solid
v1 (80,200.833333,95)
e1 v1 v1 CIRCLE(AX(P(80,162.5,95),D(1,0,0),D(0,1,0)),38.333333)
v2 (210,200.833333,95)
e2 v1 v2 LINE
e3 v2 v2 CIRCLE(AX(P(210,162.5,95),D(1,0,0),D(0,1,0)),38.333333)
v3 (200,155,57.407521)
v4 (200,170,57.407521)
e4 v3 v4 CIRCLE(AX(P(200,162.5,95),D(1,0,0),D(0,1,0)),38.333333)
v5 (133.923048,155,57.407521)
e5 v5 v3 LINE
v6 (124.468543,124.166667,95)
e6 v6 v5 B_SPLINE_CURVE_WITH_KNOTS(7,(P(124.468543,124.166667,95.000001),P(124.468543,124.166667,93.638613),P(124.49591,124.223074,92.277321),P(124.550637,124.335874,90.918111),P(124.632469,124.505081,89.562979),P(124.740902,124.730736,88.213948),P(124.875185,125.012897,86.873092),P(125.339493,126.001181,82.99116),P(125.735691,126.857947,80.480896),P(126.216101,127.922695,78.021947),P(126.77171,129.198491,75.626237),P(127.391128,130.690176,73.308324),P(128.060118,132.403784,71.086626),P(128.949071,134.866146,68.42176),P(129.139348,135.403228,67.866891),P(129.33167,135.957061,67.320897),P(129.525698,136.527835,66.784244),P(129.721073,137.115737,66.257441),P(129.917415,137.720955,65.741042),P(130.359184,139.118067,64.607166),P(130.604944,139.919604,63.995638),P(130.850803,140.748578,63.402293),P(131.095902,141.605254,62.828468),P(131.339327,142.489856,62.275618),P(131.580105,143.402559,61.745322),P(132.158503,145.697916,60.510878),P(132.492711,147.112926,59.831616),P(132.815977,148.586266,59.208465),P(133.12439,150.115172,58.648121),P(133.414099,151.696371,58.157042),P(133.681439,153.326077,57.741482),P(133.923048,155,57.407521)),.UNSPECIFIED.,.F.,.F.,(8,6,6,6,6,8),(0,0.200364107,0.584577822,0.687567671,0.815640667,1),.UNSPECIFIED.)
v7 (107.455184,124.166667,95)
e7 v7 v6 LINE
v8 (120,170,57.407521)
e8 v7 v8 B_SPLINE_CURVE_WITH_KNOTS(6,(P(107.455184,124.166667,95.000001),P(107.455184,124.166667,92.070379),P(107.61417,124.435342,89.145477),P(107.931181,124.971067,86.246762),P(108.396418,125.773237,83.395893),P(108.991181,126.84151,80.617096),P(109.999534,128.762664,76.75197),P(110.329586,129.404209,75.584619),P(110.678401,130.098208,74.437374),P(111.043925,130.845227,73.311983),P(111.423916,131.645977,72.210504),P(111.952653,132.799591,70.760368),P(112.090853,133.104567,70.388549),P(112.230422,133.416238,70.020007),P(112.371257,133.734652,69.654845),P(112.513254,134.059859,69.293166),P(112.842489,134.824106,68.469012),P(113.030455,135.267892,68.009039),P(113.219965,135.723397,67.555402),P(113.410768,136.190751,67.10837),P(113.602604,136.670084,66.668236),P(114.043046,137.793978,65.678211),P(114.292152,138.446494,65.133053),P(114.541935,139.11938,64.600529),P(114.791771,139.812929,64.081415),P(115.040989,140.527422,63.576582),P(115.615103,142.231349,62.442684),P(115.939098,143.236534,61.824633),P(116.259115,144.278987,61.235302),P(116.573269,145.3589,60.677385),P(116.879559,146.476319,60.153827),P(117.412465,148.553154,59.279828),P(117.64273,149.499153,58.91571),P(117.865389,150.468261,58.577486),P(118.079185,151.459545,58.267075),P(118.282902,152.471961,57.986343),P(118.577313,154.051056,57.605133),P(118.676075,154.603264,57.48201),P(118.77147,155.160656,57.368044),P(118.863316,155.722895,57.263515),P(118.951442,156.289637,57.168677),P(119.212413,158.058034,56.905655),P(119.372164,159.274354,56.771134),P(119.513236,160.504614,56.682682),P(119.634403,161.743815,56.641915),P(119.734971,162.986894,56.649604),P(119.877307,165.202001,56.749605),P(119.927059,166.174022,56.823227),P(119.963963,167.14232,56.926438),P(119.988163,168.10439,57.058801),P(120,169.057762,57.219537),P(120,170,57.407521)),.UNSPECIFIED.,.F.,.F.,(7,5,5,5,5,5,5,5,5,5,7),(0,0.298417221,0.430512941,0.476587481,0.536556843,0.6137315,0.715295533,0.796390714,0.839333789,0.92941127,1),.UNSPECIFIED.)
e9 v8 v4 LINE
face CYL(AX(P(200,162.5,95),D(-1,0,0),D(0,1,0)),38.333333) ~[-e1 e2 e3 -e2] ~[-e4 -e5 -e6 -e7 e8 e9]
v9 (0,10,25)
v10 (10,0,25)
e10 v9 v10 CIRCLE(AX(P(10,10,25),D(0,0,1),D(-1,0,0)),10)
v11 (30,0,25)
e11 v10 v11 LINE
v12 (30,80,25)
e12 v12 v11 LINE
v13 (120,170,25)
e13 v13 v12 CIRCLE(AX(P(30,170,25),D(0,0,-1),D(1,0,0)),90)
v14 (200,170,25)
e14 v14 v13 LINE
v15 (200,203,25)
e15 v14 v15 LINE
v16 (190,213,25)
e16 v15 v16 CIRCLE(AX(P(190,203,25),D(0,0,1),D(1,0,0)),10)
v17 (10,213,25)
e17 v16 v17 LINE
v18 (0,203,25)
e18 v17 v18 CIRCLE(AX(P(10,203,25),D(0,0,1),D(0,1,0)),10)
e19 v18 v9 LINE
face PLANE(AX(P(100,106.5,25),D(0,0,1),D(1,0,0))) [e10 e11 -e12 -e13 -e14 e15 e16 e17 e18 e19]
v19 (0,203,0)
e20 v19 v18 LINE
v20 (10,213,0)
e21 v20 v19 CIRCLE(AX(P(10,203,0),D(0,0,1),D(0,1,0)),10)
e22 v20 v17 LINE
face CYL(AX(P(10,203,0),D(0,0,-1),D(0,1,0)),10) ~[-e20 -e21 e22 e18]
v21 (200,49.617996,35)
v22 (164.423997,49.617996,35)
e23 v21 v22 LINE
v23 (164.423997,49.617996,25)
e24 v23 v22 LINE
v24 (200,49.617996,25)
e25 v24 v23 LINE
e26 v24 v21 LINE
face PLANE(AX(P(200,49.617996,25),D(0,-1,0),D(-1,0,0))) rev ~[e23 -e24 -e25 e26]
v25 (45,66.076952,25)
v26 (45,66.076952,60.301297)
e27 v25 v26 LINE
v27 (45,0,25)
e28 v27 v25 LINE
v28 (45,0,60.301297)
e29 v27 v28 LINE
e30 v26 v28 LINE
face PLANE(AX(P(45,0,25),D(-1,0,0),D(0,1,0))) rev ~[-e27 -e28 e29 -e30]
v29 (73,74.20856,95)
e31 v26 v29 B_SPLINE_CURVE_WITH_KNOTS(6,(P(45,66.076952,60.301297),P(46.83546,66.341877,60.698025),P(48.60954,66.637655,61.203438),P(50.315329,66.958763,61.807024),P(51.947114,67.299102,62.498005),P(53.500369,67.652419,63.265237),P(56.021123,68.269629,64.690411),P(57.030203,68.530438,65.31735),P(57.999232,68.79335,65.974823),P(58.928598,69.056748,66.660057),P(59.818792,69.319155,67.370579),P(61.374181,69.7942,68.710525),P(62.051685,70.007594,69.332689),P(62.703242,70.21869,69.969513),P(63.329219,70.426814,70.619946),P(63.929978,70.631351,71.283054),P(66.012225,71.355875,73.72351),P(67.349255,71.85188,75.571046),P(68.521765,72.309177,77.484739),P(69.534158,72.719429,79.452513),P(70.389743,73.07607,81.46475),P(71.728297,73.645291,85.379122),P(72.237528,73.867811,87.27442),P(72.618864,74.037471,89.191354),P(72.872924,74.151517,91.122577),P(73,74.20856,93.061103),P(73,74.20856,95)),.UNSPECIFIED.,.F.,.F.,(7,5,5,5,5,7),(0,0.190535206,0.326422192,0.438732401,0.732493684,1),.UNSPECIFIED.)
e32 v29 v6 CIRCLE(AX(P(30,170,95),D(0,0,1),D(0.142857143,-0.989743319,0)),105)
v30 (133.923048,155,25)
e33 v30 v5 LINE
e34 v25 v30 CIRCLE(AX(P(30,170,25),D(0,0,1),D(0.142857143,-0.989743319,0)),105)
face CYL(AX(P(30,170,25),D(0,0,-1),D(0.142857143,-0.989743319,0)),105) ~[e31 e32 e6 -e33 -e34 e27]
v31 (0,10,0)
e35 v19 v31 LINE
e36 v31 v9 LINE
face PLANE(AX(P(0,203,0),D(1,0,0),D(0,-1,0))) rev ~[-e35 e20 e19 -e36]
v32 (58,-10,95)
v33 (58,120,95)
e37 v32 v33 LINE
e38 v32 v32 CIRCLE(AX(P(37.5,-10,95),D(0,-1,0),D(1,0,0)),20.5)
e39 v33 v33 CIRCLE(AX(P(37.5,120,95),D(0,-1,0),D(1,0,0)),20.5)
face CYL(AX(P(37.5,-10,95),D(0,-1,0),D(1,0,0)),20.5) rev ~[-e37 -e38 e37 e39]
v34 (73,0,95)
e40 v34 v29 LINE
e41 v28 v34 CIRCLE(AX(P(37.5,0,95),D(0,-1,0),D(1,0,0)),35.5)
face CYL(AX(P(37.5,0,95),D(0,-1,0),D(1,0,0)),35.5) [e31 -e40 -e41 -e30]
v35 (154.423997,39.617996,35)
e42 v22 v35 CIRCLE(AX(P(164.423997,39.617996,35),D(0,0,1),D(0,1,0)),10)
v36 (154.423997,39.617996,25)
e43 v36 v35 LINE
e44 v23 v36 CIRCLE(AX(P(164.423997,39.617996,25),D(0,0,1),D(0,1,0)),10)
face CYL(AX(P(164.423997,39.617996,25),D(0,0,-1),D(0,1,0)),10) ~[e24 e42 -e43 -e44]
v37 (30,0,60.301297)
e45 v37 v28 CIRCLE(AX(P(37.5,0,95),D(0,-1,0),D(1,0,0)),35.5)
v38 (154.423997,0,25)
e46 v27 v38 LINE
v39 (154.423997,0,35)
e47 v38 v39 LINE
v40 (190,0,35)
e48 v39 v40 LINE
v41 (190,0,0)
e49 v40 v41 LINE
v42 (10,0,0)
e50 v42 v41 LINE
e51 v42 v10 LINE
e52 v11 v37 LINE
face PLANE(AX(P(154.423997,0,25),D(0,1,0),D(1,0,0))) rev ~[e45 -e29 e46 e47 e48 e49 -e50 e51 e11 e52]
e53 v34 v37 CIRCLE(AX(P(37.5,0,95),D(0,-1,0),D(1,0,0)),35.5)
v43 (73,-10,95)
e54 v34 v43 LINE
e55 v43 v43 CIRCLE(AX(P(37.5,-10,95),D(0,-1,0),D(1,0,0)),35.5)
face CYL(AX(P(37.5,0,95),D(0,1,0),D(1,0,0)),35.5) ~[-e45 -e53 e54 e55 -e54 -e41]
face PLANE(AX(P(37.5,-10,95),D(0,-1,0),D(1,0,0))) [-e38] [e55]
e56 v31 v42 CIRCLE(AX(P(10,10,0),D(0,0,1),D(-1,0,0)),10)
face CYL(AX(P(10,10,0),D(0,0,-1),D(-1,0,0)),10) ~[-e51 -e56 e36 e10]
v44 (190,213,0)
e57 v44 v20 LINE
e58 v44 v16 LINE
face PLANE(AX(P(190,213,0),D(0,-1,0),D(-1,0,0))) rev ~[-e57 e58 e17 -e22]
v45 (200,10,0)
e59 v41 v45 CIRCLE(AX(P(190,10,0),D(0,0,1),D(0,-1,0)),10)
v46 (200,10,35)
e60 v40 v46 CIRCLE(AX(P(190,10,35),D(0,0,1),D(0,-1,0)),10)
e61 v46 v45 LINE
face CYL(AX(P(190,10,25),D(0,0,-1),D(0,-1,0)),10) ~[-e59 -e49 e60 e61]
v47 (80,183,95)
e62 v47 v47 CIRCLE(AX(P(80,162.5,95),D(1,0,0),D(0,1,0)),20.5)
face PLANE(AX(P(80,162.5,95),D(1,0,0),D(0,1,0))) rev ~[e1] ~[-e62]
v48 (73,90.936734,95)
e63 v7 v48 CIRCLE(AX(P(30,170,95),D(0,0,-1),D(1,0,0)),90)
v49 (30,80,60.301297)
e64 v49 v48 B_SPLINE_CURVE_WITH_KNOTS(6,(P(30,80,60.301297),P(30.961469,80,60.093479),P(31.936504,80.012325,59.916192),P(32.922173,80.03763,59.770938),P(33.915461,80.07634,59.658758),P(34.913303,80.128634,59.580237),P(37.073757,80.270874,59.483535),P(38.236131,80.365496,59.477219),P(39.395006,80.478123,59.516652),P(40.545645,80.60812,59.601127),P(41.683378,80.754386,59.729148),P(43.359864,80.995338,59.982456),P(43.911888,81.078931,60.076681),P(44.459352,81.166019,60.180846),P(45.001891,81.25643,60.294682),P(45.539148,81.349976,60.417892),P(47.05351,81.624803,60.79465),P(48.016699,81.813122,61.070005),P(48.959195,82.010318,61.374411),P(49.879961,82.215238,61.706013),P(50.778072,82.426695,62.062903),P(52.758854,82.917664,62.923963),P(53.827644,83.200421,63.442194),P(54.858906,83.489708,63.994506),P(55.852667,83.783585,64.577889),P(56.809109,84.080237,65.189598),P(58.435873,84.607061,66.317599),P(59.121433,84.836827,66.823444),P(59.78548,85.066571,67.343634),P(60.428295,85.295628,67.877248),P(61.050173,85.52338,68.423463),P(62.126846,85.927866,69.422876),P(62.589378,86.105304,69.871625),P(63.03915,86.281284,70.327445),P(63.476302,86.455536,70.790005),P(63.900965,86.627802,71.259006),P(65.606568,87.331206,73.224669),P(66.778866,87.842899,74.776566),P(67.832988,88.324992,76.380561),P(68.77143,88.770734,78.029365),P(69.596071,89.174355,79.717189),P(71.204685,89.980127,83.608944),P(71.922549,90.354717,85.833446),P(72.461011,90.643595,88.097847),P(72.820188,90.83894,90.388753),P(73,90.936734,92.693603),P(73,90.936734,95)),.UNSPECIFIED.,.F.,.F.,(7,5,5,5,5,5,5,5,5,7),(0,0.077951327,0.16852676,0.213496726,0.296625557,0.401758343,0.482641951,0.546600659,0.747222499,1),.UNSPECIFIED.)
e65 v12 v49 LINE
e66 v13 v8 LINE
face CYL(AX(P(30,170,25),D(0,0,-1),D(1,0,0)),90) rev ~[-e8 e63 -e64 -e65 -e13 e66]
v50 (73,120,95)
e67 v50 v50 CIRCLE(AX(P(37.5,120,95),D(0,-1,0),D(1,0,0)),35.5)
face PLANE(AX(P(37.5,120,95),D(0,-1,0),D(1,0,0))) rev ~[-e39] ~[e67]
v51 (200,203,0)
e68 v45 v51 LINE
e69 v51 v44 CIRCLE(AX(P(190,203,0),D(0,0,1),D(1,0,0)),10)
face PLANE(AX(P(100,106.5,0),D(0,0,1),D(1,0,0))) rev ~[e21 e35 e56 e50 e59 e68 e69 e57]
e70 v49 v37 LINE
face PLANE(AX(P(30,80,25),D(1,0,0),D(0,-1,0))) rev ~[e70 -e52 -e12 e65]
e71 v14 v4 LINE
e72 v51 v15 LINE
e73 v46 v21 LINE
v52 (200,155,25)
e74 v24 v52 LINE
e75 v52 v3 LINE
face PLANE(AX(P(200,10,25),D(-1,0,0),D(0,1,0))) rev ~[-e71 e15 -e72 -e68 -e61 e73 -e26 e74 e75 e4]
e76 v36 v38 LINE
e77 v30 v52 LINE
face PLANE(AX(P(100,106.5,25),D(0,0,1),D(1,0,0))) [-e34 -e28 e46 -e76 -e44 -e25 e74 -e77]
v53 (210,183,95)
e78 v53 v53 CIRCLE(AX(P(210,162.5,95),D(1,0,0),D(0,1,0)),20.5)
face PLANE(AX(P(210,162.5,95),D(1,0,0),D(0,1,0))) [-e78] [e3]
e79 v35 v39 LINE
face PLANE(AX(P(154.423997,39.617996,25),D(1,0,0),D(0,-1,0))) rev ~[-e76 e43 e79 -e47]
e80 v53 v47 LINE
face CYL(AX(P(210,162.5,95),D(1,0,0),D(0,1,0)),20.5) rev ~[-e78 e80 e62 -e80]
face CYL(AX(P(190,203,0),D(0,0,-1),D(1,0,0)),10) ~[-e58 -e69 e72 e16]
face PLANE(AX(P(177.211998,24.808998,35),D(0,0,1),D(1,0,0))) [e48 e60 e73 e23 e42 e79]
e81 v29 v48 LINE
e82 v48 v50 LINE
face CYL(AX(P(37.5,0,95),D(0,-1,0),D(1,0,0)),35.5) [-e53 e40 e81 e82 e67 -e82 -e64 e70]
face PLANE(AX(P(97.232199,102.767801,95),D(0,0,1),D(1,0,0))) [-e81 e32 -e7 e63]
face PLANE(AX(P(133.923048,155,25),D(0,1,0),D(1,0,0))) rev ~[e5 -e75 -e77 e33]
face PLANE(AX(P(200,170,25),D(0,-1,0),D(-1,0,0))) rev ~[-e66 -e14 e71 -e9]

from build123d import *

# Parameters (mm, degrees)
F2_DEPTH      = 25
F4_DEPTH      = 70
F5_R          = 35.5
F6_DEPTH      = 10
F6_DEPTH_BACK = 120
F7_R          = 38.3333333333
F8_DEPTH      = 10
F8_DEPTH_BACK = 120
F9_R          = 20.5
F10_DEPTH     = 223.001
F11_R         = 20.5
F12_DEPTH     = 210.001
F14_DEPTH     = 10


with BuildPart() as f2:
    # F1 (on Top) → F2 (new body)
    with BuildSketch(Plane.XY):
        with BuildLine():
            ThreePointArc((0, 10), (2.9289321881, 2.9289321881), (10, 0))
            Line((10, 0), (190, 0))
            ThreePointArc((190, 0), (197.0710678119, 2.9289321881), (200, 10))
            Line((200, 10), (200, 203))
            ThreePointArc((200, 203), (197.0710678119, 210.0710678119), (190, 213))
            Line((190, 213), (10, 213))
            ThreePointArc((10, 213), (2.9289321881, 210.0710678119), (0, 203))
            Line((0, 203), (0, 10))
        make_face()
    extrude(amount=F2_DEPTH)

    # F3 (on face) → F4 (join)
    with BuildSketch(Plane.XY.offset(25)):
        with BuildLine():
            Line((30, 80), (30, 0))
            Line((30, 0), (45, 0))
            Line((45, 0), (45, 66.0769515459))
            ThreePointArc((45, 66.0769515459), (104.2462120246, 95.7537879754), (133.9230484541, 155))
            Line((133.9230484541, 155), (200, 155))
            Line((200, 155), (200, 170))
            Line((200, 170), (120, 170))
            ThreePointArc((120, 170), (93.6396103068, 106.3603896932), (30, 80))
        make_face()
    extrude(amount=F4_DEPTH)

    # F5 (on face) → F6 (join, two sides)
    with BuildSketch(Plane.XZ) as f6_sk:
        with Locations((37.5, 95)):
            Circle(F5_R)
    extrude(amount=F6_DEPTH)
    extrude(f6_sk.sketch, amount=-F6_DEPTH_BACK)

    # F7 (on face) → F8 (join, two sides)
    with BuildSketch(Plane.YZ.offset(200)) as f8_sk:
        with Locations((162.5, 95)):
            Circle(F7_R)
    extrude(amount=F8_DEPTH)
    extrude(f8_sk.sketch, amount=-F8_DEPTH_BACK)

    # F9 (on face) → F10 (cut, through all)
    with BuildSketch(Plane.XZ.offset(10)):
        with Locations((37.5, 95)):
            Circle(F9_R)
    extrude(amount=-F10_DEPTH, mode=Mode.SUBTRACT)

    # F11 (on face) → F12 (cut, through all)
    with BuildSketch(Plane.YZ.offset(210)):
        with Locations((162.5, 95)):
            Circle(F11_R)
    extrude(amount=-F12_DEPTH, mode=Mode.SUBTRACT)

    # F13 (on face) → F14 (join)
    with BuildSketch(Plane.XY.offset(25)):
        with BuildLine():
            Line((200, 10), (200, 49.6179956198))
            Line((200, 49.6179956198), (164.4239968061, 49.6179956198))
            ThreePointArc((164.4239968061, 49.6179956198), (157.3529289943, 46.6890634316), (154.4239968061, 39.6179956198))
            Line((154.4239968061, 39.6179956198), (154.4239968061, 0))
            Line((154.4239968061, 0), (190, 0))
            ThreePointArc((190, 0), (197.0710678119, 2.9289321881), (200, 10))
        make_face()
    extrude(amount=F14_DEPTH)


solid = f2.part
